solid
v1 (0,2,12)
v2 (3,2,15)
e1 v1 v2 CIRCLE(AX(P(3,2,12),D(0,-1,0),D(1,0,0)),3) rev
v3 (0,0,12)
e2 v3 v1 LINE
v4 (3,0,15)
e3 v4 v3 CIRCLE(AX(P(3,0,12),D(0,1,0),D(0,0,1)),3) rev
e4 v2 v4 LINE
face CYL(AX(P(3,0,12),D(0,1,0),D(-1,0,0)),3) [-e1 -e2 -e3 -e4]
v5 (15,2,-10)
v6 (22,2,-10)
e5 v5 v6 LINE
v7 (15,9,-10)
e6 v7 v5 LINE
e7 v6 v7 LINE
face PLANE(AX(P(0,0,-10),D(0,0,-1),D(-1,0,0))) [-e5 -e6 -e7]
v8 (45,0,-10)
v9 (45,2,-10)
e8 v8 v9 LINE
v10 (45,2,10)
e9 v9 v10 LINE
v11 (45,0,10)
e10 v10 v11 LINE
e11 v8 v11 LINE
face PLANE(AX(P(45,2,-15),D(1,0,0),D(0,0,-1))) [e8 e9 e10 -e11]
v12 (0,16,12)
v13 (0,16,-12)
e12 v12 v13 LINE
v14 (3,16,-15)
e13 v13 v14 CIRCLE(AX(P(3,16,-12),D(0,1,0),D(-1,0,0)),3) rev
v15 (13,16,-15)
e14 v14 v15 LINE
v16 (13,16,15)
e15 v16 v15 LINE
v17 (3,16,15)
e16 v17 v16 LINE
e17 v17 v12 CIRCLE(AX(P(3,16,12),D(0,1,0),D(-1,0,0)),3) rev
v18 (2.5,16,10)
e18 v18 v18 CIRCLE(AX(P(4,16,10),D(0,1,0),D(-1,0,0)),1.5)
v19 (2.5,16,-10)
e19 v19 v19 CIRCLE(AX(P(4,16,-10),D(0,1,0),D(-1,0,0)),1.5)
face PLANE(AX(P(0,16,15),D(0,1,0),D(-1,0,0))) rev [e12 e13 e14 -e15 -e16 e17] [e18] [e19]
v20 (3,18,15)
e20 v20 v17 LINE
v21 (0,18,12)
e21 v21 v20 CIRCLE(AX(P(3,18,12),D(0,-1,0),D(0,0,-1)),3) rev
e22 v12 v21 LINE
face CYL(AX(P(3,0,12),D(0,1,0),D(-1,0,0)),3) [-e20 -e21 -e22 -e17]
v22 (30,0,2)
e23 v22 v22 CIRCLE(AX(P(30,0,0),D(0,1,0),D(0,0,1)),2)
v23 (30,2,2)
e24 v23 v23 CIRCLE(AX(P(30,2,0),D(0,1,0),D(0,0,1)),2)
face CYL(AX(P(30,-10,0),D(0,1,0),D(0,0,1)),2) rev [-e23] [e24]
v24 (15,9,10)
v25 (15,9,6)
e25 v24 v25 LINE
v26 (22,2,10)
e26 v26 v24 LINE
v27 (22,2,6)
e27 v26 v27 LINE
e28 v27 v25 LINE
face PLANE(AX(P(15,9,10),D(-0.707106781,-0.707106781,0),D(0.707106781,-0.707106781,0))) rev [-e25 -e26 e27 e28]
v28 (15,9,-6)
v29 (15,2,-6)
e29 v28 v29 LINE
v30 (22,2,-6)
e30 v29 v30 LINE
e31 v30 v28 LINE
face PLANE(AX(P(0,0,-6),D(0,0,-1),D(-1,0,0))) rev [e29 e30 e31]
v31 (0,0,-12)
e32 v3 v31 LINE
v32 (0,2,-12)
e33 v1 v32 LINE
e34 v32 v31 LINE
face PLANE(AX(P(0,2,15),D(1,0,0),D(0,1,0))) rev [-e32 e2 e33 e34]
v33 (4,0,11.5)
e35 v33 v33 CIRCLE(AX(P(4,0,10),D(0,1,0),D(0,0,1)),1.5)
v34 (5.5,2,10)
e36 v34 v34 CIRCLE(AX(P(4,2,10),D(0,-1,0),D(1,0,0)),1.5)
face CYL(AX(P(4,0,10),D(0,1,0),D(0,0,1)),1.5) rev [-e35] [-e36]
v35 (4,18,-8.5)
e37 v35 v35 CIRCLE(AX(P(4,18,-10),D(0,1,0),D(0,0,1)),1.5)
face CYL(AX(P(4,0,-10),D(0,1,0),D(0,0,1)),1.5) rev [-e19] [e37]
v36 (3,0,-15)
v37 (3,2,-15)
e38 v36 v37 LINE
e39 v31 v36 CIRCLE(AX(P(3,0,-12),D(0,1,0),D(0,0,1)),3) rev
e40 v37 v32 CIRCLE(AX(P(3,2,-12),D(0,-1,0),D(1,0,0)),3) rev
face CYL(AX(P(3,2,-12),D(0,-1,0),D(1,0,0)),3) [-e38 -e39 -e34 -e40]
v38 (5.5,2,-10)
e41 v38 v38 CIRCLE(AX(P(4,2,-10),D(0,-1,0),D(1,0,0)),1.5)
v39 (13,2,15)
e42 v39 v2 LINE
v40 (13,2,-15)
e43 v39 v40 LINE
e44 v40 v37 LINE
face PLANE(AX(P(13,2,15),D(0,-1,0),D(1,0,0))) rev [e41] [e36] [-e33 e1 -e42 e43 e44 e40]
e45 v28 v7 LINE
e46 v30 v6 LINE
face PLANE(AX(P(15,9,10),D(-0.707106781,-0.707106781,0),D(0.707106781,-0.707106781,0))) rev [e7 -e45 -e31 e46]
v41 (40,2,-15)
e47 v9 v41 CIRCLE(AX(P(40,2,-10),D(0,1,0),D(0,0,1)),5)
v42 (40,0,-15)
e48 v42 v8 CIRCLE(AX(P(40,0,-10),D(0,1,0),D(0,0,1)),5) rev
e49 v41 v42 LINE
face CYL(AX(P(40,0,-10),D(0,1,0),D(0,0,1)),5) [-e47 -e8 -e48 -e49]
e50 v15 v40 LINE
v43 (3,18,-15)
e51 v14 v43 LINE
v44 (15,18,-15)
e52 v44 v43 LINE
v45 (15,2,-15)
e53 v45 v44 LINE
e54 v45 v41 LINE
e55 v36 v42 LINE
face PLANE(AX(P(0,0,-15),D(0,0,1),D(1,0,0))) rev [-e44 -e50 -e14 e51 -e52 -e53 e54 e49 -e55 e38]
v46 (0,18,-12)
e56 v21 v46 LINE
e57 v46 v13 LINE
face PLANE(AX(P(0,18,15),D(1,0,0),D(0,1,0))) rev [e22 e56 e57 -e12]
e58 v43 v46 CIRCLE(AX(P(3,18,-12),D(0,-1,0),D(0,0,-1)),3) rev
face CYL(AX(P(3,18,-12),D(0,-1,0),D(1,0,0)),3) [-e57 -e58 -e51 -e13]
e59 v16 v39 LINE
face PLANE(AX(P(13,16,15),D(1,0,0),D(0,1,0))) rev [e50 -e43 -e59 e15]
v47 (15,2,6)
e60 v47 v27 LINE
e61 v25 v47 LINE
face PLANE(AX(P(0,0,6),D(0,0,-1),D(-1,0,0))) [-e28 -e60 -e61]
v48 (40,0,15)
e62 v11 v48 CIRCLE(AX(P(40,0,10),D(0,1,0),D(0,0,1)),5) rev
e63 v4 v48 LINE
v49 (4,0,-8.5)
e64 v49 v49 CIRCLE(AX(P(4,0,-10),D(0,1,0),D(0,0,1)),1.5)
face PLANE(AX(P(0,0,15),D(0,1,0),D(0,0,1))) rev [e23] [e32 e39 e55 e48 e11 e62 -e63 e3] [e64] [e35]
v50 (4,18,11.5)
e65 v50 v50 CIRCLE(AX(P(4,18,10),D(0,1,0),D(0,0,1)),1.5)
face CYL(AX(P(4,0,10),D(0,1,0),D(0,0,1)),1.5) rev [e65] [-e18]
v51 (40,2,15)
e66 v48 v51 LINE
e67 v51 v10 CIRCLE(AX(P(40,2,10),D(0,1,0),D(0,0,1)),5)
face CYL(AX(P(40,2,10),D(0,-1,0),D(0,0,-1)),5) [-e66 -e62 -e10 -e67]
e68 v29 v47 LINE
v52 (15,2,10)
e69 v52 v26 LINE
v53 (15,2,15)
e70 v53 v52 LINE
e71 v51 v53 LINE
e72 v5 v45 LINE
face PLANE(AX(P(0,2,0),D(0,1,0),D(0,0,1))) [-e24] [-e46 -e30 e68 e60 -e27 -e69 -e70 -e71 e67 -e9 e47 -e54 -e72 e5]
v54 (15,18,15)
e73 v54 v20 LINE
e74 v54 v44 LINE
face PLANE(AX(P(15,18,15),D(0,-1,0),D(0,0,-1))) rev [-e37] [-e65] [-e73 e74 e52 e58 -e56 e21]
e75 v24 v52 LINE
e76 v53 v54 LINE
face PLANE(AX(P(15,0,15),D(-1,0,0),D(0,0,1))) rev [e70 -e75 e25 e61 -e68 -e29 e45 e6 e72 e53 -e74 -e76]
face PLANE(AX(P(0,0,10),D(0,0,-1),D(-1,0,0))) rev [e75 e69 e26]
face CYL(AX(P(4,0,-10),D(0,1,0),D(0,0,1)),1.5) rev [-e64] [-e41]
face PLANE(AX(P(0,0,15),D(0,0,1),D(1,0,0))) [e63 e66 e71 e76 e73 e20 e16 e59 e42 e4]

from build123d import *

# Parameters (mm, degrees)
BOSS_EXTRUDE1_DEPTH = 15
SKETCH2_R           = 1.5
CUT_EXTRUDE1_DEPTH  = 28.820855486
FILLET1_R           = 3
SKETCH3_W           = 30
SKETCH3_H           = 30
BOSS_EXTRUDE2_DEPTH = 2
BOSS_EXTRUDE3_DEPTH = 10
CUT_EXTRUDE2_DEPTH  = 6
SKETCH7_R           = 2
CUT_EXTRUDE3_DEPTH  = 12
FILLET2_R           = 5


with BuildPart() as part:
    # Sketch1 → Boss-Extrude1 (new, symmetric)
    with BuildSketch(Plane.XY):
        Polygon((0, 0), (15, 0), (15, 18), (0, 18), (0, 16), (13, 16), (13, 2), (0, 2), align=None)
    extrude(amount=BOSS_EXTRUDE1_DEPTH, both=True)

    # Sketch2 → Cut-Extrude1 (cut, through all)
    with BuildSketch(Plane(origin=(0, 18, 0), x_dir=(1, 0, 0), z_dir=(0, 1, 0))):
        with Locations(Location((4, 10, 0), (0, 0, 270))):
            Circle(SKETCH2_R)
        with Locations(Location((4, -10, 0), (0, 0, 270))):
            Circle(SKETCH2_R)
    extrude(amount=-CUT_EXTRUDE1_DEPTH, mode=Mode.SUBTRACT)

    # Fillet1
    fillet1_edges = [part.edges().sort_by_distance(p)[0] for p in [
        (0, 1, -15),
        (0, 17, 15),
        (0, 1, 15),
        (0, 17, -15),
    ]]
    fillet(fillet1_edges, radius=FILLET1_R)

    # Sketch3 → Boss-Extrude2 (add)
    with BuildSketch(Plane.XZ):
        with Locations((30, 0)):
            Rectangle(SKETCH3_W, SKETCH3_H)
    extrude(amount=-BOSS_EXTRUDE2_DEPTH)

    # Sketch5 → Boss-Extrude3 (add, symmetric)
    with BuildSketch(Plane.XY):
        Polygon((15, 2), (15, 9), (22, 2), align=None)
    extrude(amount=BOSS_EXTRUDE3_DEPTH, both=True)

    # Sketch6 → Cut-Extrude2 (cut, symmetric)
    with BuildSketch(Plane.XY):
        Polygon((15, 2), (15, 9), (22, 2), align=None)
    extrude(amount=CUT_EXTRUDE2_DEPTH, both=True, mode=Mode.SUBTRACT)

    # Sketch7 → Cut-Extrude3 (cut)
    with BuildSketch(Plane(origin=(0, 2, 0), x_dir=(1, 0, 0), z_dir=(0, 1, 0))):
        with Locations(Location((30, 0, 0), (0, 0, 270))):
            Circle(SKETCH7_R)
    extrude(amount=-CUT_EXTRUDE3_DEPTH, mode=Mode.SUBTRACT)

    # Fillet2
    fillet2_edges = [part.edges().sort_by_distance(p)[0] for p in [
        (45, 1, 15),
        (45, 1, -15),
    ]]
    fillet(fillet2_edges, radius=FILLET2_R)


solid = part.part
